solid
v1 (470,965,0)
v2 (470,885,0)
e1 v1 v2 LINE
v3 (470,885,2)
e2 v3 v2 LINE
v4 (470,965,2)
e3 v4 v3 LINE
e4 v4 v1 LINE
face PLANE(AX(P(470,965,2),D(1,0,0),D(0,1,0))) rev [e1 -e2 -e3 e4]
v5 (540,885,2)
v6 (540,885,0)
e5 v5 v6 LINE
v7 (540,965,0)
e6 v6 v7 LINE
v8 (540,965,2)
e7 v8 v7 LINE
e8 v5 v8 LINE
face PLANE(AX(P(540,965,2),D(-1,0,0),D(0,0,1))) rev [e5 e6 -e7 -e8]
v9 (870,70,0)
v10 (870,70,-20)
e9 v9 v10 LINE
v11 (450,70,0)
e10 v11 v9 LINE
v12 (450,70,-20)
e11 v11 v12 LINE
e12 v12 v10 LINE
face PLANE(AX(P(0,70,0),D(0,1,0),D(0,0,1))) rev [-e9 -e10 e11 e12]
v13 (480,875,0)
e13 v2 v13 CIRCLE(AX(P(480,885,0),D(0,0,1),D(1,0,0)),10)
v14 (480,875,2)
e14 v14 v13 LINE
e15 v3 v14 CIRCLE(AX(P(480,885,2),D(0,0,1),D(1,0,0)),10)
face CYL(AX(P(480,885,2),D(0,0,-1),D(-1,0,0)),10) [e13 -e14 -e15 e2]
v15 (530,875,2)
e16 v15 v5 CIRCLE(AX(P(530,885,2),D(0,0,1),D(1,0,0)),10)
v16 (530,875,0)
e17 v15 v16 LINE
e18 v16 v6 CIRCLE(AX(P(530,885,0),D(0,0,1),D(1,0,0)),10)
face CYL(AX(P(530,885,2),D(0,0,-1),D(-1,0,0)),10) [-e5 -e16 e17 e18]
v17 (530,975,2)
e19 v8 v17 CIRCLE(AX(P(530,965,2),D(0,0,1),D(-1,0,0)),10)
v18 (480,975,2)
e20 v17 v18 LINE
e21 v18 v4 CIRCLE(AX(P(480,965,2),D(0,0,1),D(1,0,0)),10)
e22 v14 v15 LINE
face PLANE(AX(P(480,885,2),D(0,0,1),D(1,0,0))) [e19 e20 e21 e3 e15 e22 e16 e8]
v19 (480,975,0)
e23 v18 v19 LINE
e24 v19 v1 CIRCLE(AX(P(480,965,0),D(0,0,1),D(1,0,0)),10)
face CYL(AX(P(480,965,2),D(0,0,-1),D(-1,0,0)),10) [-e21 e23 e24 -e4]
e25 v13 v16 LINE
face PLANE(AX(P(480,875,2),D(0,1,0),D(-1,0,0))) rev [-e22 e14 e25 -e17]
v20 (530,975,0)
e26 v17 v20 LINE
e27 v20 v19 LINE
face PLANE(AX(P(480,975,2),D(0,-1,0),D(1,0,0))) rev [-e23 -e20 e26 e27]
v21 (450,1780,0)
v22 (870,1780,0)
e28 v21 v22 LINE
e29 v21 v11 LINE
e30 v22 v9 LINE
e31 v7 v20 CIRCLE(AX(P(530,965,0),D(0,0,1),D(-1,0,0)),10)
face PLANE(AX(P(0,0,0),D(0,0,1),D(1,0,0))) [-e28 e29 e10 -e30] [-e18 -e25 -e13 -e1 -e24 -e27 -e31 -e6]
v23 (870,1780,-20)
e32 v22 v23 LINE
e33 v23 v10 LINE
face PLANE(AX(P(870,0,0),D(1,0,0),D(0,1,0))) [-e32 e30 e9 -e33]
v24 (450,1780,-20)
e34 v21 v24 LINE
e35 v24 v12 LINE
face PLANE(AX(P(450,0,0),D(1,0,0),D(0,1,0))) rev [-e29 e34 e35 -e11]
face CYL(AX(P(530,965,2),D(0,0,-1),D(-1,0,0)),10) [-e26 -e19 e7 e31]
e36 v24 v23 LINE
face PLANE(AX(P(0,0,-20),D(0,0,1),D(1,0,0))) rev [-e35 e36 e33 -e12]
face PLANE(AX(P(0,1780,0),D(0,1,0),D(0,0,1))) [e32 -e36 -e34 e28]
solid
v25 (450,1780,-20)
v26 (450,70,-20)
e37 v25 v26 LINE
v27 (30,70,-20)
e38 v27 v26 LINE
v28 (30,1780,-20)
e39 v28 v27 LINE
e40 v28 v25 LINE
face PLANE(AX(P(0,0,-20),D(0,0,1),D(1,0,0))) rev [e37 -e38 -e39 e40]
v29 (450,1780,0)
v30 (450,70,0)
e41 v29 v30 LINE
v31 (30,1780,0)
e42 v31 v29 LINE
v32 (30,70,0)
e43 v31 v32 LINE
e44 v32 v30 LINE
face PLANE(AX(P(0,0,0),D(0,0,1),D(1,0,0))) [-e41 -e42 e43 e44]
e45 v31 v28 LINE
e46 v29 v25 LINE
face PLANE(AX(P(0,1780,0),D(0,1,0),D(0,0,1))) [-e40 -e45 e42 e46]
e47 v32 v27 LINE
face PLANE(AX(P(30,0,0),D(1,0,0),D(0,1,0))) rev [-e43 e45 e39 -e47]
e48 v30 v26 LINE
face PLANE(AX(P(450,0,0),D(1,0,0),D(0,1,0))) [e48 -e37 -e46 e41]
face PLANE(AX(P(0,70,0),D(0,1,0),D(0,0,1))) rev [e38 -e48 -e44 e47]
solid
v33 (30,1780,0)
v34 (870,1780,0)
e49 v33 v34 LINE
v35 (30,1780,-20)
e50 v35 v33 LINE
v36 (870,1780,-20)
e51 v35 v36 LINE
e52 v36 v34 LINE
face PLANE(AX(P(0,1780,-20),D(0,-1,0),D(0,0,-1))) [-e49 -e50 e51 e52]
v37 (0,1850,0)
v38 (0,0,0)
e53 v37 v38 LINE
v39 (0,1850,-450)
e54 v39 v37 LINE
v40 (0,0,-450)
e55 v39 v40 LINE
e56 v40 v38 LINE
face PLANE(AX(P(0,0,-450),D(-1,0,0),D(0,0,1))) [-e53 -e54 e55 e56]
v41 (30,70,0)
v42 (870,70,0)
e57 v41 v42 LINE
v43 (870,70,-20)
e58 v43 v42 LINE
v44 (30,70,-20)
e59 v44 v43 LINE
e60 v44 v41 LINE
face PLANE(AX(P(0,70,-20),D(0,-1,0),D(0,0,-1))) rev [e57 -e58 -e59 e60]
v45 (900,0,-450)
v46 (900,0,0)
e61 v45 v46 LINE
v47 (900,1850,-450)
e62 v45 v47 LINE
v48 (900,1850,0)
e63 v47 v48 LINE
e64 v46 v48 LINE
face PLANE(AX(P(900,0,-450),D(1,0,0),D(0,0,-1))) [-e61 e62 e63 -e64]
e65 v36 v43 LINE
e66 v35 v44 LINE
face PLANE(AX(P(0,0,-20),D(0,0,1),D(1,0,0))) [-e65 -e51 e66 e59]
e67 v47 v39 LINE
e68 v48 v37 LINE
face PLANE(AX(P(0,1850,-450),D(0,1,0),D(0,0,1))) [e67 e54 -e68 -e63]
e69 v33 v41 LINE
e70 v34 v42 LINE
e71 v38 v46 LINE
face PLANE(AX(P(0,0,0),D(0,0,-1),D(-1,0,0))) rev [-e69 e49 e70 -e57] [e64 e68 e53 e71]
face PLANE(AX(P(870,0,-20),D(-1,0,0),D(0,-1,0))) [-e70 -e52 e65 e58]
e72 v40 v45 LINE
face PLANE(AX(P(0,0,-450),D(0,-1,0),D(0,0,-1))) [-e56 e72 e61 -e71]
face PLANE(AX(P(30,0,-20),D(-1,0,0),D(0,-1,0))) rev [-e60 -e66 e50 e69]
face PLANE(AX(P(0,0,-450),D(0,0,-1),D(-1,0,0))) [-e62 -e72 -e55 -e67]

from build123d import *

# Parameters (mm, degrees)
SKETCH1_W           = 900
SKETCH1_H           = 1850
BOSS_EXTRUDE1_DEPTH = 450
SKETCH2_W           = 840
SKETCH2_H           = 1710
CUT_EXTRUDE1_DEPTH  = 20
BOSS_EXTRUDE2_START = -20
SKETCH2_3_W         = 420
SKETCH2_3_H         = 1710
BOSS_EXTRUDE2_DEPTH = 20
BOSS_EXTRUDE3_START = -20
SKETCH2_4_W         = 420
SKETCH2_4_H         = 1710
BOSS_EXTRUDE3_DEPTH = 20
BOSS_EXTRUDE4_DEPTH = 2


with BuildPart() as part:
    # Sketch1 → Boss-Extrude1 (new body)
    with BuildSketch(Plane.XY):
        with Locations((450, 925)):
            Rectangle(SKETCH1_W, SKETCH1_H)
    extrude(amount=-BOSS_EXTRUDE1_DEPTH)

    # Sketch2 → Cut-Extrude1 (cut)
    with BuildSketch(Plane.XY):
        with Locations((450, 925)):
            Rectangle(SKETCH2_W, SKETCH2_H)
    extrude(amount=-CUT_EXTRUDE1_DEPTH, mode=Mode.SUBTRACT)


with BuildPart() as body_2:
    # Sketch2<3> → Boss-Extrude2 (new body)
    with BuildSketch(Plane.XY.offset(BOSS_EXTRUDE2_START)):
        with Locations((240, 925)):
            Rectangle(SKETCH2_3_W, SKETCH2_3_H)
    extrude(amount=BOSS_EXTRUDE2_DEPTH)


with BuildPart() as body_3:
    # Sketch2<4> → Boss-Extrude3 (new body)
    with BuildSketch(Plane.XY.offset(BOSS_EXTRUDE3_START)):
        with Locations((660, 925)):
            Rectangle(SKETCH2_4_W, SKETCH2_4_H)
    extrude(amount=BOSS_EXTRUDE3_DEPTH)

    # Sketch3 → Boss-Extrude4 (add)
    with BuildSketch(Plane.XY):
        with BuildLine():
            Line((480, 975), (530, 975))
            ThreePointArc((530, 975), (537.071067812, 972.071067812), (540, 965))
            Line((540, 965), (540, 885))
            ThreePointArc((540, 885), (537.071067812, 877.928932188), (530, 875))
            Line((530, 875), (480, 875))
            ThreePointArc((480, 875), (472.928932188, 877.928932188), (470, 885))
            Line((470, 885), (470, 965))
            ThreePointArc((470, 965), (472.928932188, 972.071067812), (480, 975))
        make_face()
    extrude(amount=BOSS_EXTRUDE4_DEPTH)


solid = Compound([part.part, body_2.part, body_3.part])
